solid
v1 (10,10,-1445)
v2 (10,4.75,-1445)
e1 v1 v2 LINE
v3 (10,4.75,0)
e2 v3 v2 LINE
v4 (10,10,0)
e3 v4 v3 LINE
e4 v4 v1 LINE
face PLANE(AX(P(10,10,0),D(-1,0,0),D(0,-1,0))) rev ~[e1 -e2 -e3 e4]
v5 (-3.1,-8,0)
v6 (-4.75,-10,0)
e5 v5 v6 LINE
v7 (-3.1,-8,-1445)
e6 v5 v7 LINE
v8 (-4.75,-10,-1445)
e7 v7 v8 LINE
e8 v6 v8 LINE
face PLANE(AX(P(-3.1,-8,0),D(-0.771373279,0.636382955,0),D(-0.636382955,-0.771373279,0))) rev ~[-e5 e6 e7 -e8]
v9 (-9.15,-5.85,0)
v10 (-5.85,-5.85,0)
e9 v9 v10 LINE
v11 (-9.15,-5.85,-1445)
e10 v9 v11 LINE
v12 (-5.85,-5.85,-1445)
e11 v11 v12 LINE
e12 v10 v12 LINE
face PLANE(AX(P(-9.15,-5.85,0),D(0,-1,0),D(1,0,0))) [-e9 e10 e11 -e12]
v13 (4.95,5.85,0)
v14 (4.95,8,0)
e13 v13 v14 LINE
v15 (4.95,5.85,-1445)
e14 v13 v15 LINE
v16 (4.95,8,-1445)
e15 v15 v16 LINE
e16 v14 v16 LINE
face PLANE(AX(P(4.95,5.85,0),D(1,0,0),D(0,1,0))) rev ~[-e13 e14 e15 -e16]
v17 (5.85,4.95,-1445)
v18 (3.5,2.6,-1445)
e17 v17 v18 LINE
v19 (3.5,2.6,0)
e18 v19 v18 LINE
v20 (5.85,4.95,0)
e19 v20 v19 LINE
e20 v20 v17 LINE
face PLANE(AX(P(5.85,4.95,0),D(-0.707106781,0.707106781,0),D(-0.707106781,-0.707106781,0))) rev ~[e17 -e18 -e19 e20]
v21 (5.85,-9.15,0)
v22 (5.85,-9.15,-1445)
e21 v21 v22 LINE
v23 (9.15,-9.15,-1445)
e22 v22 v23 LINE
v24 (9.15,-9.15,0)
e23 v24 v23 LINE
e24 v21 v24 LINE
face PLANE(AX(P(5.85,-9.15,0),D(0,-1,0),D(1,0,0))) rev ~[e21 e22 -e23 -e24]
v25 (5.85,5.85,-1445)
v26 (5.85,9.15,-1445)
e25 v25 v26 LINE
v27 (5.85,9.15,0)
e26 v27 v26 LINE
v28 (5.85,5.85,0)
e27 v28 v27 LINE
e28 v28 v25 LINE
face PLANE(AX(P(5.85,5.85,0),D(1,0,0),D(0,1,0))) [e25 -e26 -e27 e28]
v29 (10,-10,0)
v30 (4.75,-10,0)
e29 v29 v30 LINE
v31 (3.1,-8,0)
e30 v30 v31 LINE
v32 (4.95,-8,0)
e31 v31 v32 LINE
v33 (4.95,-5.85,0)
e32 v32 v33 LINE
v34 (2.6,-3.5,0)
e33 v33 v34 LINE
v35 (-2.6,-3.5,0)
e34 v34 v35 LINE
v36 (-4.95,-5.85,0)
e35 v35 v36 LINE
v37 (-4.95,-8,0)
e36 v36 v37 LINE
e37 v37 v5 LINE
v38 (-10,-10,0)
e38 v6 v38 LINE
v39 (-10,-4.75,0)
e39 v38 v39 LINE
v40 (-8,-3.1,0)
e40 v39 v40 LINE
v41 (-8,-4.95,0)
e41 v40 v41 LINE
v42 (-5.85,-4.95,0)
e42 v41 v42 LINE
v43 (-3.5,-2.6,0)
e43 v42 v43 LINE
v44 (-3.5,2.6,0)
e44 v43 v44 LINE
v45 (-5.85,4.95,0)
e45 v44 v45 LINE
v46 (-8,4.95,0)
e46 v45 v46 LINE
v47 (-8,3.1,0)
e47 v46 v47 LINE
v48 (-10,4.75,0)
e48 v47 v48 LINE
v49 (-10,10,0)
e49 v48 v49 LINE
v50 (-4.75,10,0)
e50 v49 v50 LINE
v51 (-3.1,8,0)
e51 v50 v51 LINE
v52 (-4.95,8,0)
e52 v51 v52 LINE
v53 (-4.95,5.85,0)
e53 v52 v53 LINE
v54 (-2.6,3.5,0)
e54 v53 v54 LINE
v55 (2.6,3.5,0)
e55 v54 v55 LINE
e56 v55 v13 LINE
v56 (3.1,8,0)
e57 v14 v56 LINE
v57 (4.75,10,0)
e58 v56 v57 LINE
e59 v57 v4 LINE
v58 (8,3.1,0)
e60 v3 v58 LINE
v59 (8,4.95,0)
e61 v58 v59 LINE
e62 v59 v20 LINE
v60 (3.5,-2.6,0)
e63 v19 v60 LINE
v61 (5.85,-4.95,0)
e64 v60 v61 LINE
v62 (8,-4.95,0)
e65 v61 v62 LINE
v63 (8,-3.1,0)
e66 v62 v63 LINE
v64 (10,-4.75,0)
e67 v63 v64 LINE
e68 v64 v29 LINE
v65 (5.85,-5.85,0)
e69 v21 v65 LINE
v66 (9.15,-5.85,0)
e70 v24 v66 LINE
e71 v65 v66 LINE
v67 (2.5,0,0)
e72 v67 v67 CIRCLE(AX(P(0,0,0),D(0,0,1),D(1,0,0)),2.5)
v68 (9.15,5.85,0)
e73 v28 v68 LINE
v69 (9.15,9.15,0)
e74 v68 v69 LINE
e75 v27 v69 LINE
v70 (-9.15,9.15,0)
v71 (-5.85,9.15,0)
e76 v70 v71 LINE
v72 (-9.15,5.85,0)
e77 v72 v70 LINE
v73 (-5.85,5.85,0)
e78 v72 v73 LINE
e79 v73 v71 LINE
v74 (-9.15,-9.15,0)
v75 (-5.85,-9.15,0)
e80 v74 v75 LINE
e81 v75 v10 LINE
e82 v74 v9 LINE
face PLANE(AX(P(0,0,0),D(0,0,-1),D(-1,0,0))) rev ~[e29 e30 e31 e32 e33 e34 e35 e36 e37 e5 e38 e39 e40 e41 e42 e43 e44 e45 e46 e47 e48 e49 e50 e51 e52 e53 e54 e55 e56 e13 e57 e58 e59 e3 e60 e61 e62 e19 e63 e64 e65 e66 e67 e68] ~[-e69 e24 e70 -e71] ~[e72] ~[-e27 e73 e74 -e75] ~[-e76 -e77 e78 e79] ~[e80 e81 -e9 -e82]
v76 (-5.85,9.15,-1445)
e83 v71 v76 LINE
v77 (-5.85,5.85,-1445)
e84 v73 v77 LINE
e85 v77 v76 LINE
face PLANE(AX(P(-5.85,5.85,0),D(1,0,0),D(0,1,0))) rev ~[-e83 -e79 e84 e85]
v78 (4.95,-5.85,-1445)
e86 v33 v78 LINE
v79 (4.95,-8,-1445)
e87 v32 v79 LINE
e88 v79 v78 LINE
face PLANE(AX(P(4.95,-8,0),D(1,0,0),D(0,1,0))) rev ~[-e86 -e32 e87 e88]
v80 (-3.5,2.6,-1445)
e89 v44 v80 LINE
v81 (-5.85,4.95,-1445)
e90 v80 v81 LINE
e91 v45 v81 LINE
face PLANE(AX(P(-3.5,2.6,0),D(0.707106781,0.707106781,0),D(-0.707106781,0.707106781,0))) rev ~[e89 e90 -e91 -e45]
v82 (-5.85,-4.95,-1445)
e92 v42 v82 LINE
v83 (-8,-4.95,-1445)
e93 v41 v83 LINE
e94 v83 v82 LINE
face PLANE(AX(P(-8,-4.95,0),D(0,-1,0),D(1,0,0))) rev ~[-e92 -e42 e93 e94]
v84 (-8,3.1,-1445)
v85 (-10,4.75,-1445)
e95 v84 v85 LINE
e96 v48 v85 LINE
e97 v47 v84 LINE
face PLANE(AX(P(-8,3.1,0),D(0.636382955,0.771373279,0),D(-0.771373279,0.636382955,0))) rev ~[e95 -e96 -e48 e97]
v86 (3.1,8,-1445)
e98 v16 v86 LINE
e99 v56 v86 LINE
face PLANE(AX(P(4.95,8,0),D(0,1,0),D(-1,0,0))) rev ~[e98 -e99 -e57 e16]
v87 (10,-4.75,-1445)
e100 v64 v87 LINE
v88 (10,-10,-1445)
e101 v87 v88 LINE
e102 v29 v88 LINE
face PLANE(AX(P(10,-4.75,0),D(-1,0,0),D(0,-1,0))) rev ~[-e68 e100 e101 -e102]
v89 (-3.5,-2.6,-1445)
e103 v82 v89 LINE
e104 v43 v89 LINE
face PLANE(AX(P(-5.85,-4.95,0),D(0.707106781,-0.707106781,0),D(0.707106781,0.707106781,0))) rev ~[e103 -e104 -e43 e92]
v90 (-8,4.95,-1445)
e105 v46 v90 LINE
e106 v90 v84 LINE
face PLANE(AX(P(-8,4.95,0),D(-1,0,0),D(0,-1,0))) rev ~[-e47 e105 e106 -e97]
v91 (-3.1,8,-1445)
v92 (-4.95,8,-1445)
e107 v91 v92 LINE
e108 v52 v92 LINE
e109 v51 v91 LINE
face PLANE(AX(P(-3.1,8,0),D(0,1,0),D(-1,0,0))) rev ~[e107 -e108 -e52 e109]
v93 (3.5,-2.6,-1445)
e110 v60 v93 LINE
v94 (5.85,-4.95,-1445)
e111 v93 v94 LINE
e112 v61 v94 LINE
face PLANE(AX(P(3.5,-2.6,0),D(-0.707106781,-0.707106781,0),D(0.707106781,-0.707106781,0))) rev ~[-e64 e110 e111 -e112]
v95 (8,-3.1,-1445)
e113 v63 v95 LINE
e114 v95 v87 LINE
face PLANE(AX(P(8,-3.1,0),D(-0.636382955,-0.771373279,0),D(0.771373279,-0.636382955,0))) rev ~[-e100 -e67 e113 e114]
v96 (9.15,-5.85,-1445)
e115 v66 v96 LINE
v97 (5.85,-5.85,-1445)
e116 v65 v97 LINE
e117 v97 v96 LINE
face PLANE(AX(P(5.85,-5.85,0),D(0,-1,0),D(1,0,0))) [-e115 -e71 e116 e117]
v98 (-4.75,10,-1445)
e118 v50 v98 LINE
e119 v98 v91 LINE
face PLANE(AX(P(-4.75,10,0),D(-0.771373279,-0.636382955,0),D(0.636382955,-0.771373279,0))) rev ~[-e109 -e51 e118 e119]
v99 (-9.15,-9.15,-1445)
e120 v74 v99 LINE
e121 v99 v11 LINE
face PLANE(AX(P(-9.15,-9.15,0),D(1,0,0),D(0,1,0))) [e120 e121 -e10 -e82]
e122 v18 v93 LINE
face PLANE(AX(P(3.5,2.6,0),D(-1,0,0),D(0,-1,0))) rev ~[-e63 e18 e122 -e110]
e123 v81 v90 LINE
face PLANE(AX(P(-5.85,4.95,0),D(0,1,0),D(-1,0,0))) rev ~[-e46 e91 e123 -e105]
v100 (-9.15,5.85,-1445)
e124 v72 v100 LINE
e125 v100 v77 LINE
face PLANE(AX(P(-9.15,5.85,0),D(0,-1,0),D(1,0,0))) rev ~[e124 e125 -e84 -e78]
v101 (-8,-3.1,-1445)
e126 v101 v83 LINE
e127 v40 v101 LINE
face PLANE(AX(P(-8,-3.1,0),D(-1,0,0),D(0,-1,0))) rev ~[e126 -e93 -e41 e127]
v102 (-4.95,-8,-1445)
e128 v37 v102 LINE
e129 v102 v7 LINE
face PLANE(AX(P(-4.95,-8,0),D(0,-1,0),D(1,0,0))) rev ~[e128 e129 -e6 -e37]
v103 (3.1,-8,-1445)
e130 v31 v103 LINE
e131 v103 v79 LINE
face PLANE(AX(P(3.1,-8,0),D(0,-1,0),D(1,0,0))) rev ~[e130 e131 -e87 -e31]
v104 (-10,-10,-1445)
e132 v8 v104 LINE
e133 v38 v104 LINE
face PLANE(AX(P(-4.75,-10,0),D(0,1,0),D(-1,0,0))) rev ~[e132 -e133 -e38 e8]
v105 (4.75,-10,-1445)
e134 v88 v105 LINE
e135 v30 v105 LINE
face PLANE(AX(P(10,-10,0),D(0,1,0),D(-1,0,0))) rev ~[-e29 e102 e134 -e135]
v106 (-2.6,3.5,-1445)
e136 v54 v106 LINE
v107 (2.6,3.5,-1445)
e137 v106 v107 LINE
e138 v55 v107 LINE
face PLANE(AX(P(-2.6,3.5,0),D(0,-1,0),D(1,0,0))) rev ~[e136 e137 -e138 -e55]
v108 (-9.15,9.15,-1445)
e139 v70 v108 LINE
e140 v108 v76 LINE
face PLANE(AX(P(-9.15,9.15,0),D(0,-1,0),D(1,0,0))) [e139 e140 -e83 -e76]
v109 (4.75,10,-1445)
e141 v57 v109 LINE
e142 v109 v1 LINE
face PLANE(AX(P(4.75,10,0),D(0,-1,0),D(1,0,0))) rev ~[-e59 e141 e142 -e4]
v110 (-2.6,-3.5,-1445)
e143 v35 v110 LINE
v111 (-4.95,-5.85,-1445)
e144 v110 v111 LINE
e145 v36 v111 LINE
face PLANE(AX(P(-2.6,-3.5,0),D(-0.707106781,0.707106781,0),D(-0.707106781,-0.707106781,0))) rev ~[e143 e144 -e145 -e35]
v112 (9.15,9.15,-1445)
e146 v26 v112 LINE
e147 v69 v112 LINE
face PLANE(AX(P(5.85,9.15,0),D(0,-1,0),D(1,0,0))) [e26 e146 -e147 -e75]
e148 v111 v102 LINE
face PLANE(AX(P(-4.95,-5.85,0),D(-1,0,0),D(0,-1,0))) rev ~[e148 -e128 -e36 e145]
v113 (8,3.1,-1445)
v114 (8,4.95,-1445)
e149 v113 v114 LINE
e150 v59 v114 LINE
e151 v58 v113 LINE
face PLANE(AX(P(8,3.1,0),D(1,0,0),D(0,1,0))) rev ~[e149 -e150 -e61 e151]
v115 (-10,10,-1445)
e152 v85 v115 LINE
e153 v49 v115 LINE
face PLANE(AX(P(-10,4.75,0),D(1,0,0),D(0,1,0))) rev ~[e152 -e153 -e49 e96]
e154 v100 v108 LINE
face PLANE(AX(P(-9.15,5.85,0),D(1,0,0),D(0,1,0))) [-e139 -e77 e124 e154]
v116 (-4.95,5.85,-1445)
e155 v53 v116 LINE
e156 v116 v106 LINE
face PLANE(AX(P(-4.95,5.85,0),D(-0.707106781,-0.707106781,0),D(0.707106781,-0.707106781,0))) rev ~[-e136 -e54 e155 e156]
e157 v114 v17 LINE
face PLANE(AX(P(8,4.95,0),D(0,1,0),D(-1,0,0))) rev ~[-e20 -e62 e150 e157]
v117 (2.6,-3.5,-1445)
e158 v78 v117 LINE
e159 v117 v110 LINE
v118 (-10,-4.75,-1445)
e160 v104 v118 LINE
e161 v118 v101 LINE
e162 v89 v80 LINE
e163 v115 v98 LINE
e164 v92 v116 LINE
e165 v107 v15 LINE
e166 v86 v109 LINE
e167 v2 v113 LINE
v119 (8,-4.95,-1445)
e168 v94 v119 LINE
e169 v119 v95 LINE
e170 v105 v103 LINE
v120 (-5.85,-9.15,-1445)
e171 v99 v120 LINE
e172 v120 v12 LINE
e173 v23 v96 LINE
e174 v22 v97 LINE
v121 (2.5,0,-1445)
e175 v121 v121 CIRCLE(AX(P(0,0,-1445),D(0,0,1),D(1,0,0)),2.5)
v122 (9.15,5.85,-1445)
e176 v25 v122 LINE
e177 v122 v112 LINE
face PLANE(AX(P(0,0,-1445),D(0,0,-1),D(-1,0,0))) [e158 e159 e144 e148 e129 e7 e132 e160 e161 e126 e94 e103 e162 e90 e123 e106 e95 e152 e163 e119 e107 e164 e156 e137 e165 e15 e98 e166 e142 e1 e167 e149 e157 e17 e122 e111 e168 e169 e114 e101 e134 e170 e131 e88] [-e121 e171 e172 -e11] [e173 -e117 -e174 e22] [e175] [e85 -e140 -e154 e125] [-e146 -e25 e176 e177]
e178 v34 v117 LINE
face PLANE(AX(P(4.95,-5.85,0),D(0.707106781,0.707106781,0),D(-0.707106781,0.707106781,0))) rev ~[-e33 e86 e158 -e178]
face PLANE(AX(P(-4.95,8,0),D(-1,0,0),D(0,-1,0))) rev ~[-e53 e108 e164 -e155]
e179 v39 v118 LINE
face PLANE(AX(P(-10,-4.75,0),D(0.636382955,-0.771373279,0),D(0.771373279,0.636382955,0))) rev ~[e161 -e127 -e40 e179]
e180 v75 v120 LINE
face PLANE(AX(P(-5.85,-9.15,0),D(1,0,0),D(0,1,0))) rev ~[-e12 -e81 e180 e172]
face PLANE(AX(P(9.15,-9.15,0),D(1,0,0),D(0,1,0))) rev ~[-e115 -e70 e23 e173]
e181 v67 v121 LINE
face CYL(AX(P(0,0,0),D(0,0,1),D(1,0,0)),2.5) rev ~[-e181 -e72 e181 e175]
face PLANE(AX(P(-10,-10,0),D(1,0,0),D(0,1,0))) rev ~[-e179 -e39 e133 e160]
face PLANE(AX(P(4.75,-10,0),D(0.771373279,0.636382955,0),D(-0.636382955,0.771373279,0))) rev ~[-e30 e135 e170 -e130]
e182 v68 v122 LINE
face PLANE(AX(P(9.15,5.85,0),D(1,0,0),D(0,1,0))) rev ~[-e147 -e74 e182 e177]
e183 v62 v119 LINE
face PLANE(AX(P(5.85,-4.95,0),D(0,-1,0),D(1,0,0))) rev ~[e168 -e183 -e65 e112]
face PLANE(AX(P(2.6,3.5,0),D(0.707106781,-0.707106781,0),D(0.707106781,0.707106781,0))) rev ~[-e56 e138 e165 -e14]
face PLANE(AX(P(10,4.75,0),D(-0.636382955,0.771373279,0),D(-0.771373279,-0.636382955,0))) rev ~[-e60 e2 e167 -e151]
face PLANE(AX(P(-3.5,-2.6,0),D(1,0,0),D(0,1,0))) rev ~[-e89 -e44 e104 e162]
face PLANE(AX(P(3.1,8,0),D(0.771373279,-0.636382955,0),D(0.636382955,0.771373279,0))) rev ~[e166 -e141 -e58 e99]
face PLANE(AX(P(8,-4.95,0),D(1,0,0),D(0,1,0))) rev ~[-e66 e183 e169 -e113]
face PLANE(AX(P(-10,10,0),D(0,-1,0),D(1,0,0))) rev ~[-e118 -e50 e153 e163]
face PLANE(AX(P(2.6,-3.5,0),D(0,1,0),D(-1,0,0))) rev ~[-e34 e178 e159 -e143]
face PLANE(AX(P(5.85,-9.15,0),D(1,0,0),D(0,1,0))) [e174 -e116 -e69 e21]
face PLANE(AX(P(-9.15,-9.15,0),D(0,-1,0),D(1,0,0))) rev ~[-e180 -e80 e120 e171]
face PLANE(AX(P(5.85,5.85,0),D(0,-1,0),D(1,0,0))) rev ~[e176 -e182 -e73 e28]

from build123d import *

# Parameters (mm, degrees)
SKETCH_1_R      = 2.5
SKETCH_1_W      = 3.3
SKETCH_1_H      = 3.3
EXTRUDE_1_DEPTH = 1445


with BuildPart() as part:
    # Эскиз1 → Бобышка-Вытянуть1 (new body)
    with BuildSketch(Plane.XY):
        Polygon((-10, 10), (-4.75, 10), (-3.1, 8), (-4.95, 8), (-4.95, 5.85), (-2.6, 3.5), (2.6, 3.5), (4.95, 5.85), (4.95, 8), (3.1, 8), (4.75, 10), (10, 10), (10, 4.75), (8, 3.1), (8, 4.95), (5.85, 4.95), (3.5, 2.6), (3.5, -2.6), (5.85, -4.95), (8, -4.95), (8, -3.1), (10, -4.75), (10, -10), (4.75, -10), (3.1, -8), (4.95, -8), (4.95, -5.85), (2.6, -3.5), (-2.6, -3.5), (-4.95, -5.85), (-4.95, -8), (-3.1, -8), (-4.75, -10), (-10, -10), (-10, -4.75), (-8, -3.1), (-8, -4.95), (-5.85, -4.95), (-3.5, -2.6), (-3.5, 2.6), (-5.85, 4.95), (-8, 4.95), (-8, 3.1), (-10, 4.75), align=None)
        Circle(SKETCH_1_R, mode=Mode.SUBTRACT)
        with Locations((-7.5, 7.5)):
            Rectangle(SKETCH_1_W, SKETCH_1_H, mode=Mode.SUBTRACT)
        with Locations((7.5, 7.5)):
            Rectangle(SKETCH_1_W, SKETCH_1_H, mode=Mode.SUBTRACT)
        with Locations((7.5, -7.5)):
            Rectangle(SKETCH_1_W, SKETCH_1_H, mode=Mode.SUBTRACT)
        with Locations((-7.5, -7.5)):
            Rectangle(SKETCH_1_W, SKETCH_1_H, mode=Mode.SUBTRACT)
    extrude(amount=-EXTRUDE_1_DEPTH)


solid = part.part
